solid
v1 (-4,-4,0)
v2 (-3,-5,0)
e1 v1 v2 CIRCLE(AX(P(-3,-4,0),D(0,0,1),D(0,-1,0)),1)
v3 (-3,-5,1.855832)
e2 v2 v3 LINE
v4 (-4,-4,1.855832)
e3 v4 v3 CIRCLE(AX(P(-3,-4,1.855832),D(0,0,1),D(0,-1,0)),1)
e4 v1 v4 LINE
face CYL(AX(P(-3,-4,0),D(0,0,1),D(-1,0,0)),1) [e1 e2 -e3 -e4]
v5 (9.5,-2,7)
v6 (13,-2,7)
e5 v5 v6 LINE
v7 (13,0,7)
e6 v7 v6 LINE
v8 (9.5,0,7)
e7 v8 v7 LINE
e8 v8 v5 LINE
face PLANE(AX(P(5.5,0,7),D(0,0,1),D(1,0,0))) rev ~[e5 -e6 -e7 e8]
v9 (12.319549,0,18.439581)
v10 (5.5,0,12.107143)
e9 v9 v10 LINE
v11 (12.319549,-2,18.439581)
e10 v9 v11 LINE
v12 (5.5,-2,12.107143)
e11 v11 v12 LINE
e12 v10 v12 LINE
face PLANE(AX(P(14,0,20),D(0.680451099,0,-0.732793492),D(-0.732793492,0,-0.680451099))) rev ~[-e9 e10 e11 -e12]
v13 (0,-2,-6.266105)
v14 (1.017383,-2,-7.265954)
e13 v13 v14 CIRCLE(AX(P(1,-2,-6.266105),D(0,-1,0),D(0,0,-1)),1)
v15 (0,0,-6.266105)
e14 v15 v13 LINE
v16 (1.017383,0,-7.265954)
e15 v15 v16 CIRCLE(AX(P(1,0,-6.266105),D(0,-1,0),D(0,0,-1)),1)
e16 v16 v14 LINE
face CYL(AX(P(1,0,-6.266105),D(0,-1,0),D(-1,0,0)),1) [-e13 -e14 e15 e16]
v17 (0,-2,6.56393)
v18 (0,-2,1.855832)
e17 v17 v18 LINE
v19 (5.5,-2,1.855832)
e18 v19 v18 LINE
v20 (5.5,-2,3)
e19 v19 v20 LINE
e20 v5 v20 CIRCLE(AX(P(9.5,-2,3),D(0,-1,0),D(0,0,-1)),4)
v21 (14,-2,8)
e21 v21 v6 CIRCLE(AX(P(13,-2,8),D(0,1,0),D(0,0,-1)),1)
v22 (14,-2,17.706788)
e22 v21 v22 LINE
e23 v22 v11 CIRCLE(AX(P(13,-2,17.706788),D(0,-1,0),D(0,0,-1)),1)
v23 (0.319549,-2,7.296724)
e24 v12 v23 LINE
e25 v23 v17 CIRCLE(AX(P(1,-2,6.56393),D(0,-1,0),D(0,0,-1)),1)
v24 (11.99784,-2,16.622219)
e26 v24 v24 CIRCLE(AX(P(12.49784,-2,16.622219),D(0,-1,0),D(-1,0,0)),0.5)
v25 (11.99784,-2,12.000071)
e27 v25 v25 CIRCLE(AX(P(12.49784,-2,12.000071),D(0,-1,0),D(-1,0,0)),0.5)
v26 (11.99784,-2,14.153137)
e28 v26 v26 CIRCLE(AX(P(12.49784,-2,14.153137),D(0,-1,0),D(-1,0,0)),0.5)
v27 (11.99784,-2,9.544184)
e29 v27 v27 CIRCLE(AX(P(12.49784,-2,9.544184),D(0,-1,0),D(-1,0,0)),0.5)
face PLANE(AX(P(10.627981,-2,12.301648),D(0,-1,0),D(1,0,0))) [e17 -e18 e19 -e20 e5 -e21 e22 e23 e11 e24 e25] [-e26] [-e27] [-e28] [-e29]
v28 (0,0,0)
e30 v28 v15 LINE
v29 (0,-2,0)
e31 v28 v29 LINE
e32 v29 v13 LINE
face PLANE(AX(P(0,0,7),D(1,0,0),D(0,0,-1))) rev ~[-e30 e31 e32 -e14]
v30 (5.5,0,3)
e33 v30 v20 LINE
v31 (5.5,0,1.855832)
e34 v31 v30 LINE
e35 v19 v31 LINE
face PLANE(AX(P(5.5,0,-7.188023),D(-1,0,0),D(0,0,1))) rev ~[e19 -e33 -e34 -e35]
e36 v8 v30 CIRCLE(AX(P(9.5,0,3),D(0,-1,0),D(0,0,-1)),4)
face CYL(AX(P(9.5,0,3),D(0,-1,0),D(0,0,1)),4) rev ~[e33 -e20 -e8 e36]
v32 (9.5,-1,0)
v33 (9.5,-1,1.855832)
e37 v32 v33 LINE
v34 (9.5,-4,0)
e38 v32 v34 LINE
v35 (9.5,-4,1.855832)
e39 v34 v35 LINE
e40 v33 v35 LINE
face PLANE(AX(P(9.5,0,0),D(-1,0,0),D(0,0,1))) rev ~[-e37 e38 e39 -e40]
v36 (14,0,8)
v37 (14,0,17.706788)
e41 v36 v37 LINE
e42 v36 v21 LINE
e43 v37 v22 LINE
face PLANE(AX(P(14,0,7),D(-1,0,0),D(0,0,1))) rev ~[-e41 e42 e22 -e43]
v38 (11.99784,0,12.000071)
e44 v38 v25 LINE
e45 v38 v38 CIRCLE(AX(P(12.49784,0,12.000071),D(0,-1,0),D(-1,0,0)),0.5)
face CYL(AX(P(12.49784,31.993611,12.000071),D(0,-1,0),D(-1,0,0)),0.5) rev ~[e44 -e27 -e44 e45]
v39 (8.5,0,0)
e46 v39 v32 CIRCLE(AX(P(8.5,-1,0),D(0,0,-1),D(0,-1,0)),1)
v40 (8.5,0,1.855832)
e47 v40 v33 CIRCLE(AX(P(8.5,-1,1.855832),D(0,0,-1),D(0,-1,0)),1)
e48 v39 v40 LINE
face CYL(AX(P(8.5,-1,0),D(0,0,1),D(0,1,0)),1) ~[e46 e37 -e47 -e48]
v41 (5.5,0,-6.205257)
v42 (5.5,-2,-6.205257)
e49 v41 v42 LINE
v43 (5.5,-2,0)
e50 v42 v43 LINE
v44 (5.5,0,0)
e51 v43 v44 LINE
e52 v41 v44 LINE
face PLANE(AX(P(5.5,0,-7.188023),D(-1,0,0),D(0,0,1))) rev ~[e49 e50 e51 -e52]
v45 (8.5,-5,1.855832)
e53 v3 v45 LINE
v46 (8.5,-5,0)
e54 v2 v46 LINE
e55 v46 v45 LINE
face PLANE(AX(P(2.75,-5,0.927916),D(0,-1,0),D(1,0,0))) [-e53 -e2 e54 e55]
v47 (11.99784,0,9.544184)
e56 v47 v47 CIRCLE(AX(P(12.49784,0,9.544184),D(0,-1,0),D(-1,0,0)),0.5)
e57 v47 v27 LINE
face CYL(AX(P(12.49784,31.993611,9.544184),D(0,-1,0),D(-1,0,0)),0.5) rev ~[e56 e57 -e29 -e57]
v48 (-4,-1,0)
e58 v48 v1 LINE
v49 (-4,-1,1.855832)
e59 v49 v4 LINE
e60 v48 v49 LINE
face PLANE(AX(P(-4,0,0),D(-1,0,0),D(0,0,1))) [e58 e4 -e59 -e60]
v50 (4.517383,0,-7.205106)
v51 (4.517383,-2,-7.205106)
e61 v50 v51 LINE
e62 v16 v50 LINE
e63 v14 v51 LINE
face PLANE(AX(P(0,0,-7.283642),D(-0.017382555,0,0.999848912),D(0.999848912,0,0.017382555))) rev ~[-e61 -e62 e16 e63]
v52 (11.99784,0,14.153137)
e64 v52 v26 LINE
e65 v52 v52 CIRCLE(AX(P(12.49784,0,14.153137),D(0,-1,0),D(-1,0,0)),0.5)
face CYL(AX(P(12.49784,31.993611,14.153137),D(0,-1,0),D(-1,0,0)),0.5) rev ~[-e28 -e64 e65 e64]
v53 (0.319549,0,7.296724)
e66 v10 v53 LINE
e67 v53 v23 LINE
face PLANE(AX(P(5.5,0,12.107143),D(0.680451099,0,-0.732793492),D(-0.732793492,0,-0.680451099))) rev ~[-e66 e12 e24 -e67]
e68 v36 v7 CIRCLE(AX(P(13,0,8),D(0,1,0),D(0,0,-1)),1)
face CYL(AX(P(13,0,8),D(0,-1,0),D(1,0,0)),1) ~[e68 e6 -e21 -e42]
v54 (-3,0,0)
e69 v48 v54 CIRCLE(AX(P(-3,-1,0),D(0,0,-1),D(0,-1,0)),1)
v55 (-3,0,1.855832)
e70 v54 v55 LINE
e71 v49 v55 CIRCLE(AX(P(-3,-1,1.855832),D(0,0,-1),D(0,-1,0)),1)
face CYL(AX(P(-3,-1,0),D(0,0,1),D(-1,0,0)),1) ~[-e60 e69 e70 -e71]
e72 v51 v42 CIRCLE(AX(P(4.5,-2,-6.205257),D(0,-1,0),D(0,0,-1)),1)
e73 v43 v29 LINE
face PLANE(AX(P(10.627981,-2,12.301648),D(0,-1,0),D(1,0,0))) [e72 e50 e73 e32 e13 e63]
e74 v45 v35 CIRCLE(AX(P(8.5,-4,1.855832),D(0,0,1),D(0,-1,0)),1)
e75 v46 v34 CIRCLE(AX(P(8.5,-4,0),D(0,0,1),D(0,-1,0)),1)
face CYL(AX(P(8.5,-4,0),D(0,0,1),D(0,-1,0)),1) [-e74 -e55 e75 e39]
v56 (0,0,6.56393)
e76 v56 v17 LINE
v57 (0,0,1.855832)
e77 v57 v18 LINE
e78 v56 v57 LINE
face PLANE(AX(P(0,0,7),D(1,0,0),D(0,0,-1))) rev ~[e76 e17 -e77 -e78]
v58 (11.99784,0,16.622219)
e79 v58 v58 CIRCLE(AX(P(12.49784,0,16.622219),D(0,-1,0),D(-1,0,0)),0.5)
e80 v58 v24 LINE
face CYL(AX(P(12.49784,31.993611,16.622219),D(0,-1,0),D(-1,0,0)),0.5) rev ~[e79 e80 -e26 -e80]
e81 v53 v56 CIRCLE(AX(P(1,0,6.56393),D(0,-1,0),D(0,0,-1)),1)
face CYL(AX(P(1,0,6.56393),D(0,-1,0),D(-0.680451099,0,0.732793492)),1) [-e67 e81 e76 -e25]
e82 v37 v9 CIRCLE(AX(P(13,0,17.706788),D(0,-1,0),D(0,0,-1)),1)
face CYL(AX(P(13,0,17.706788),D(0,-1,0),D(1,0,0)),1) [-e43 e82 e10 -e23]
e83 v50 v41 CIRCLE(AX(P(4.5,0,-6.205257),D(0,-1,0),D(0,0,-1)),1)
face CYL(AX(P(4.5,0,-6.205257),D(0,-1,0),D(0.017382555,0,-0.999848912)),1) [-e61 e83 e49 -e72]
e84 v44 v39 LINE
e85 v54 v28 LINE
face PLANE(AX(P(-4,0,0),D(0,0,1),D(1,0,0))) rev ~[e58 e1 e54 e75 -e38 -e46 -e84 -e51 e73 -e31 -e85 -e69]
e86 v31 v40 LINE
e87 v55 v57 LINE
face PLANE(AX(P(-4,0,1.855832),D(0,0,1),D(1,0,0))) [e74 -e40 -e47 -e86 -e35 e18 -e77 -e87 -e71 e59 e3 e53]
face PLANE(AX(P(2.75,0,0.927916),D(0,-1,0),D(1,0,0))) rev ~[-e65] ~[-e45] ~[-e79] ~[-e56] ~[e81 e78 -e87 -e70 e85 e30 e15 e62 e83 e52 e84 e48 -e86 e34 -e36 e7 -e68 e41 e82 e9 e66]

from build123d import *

# Parameters (mm, degrees)
F1_DEPTH = 2
F2_R     = 1
F3_R     = 4
F4_W     = 13.5
F4_H     = 1.8558323957
F5_DEPTH = 5
F6_R     = 1
F7_D     = 1


with BuildPart() as f1:
    # F0 (on Front) → F1 (new body)
    with BuildSketch(Plane.XZ):
        Polygon((5.5, 12.1071428571), (5.5, 7), (14, 7), (14, 20), align=None)
        Polygon((5.5, 12.1071428571), (0, 7), (5.5, 7), align=None)
        Polygon((5.5, 7), (0, 7), (0, -7.2836415662), (5.5, -7.188023068), align=None)
    extrude(amount=F1_DEPTH)

    # F2
    f2_edges = [f1.edges().sort_by_distance(p)[0] for p in [
        (0, -1, 7),
        (14, -1, 20),
        (14, -1, 7),
        (0, -1, -7.283642),
        (5.5, -1, -7.188023),
    ]]
    fillet(f2_edges, radius=F2_R)

    # F3
    f3_edges = [f1.edges().sort_by_distance(p)[0] for p in [
        (5.5, -1, 7),
    ]]
    fillet(f3_edges, radius=F3_R)

    # F4 (on Front) → F5 (join)
    with BuildSketch(Plane.XZ):
        with Locations((2.75, 0.9279161978)):
            Rectangle(F4_W, F4_H)
    extrude(amount=F5_DEPTH)

    # F6
    f6_edges = [f1.edges().sort_by_distance(p)[0] for p in [
        (9.5, -5, 0.927916),
        (-4, -5, 0.927916),
        (-4, 0, 0.927916),
        (9.5, 0, 0.927916),
    ]]
    fillet(f6_edges, radius=F6_R)

    # F7 (through all)
    with Locations(Plane(origin=(0, 0, 0), x_dir=(1, 0, 0), z_dir=(0, 1, 0))):
        with Locations((12.4978395179, -16.6222192347), (12.4978395179, -14.1531368718), (12.4978395179, -12.0000707684), (12.4978395179, -9.5441835001)):
            Hole(F7_D / 2)


solid = f1.part
